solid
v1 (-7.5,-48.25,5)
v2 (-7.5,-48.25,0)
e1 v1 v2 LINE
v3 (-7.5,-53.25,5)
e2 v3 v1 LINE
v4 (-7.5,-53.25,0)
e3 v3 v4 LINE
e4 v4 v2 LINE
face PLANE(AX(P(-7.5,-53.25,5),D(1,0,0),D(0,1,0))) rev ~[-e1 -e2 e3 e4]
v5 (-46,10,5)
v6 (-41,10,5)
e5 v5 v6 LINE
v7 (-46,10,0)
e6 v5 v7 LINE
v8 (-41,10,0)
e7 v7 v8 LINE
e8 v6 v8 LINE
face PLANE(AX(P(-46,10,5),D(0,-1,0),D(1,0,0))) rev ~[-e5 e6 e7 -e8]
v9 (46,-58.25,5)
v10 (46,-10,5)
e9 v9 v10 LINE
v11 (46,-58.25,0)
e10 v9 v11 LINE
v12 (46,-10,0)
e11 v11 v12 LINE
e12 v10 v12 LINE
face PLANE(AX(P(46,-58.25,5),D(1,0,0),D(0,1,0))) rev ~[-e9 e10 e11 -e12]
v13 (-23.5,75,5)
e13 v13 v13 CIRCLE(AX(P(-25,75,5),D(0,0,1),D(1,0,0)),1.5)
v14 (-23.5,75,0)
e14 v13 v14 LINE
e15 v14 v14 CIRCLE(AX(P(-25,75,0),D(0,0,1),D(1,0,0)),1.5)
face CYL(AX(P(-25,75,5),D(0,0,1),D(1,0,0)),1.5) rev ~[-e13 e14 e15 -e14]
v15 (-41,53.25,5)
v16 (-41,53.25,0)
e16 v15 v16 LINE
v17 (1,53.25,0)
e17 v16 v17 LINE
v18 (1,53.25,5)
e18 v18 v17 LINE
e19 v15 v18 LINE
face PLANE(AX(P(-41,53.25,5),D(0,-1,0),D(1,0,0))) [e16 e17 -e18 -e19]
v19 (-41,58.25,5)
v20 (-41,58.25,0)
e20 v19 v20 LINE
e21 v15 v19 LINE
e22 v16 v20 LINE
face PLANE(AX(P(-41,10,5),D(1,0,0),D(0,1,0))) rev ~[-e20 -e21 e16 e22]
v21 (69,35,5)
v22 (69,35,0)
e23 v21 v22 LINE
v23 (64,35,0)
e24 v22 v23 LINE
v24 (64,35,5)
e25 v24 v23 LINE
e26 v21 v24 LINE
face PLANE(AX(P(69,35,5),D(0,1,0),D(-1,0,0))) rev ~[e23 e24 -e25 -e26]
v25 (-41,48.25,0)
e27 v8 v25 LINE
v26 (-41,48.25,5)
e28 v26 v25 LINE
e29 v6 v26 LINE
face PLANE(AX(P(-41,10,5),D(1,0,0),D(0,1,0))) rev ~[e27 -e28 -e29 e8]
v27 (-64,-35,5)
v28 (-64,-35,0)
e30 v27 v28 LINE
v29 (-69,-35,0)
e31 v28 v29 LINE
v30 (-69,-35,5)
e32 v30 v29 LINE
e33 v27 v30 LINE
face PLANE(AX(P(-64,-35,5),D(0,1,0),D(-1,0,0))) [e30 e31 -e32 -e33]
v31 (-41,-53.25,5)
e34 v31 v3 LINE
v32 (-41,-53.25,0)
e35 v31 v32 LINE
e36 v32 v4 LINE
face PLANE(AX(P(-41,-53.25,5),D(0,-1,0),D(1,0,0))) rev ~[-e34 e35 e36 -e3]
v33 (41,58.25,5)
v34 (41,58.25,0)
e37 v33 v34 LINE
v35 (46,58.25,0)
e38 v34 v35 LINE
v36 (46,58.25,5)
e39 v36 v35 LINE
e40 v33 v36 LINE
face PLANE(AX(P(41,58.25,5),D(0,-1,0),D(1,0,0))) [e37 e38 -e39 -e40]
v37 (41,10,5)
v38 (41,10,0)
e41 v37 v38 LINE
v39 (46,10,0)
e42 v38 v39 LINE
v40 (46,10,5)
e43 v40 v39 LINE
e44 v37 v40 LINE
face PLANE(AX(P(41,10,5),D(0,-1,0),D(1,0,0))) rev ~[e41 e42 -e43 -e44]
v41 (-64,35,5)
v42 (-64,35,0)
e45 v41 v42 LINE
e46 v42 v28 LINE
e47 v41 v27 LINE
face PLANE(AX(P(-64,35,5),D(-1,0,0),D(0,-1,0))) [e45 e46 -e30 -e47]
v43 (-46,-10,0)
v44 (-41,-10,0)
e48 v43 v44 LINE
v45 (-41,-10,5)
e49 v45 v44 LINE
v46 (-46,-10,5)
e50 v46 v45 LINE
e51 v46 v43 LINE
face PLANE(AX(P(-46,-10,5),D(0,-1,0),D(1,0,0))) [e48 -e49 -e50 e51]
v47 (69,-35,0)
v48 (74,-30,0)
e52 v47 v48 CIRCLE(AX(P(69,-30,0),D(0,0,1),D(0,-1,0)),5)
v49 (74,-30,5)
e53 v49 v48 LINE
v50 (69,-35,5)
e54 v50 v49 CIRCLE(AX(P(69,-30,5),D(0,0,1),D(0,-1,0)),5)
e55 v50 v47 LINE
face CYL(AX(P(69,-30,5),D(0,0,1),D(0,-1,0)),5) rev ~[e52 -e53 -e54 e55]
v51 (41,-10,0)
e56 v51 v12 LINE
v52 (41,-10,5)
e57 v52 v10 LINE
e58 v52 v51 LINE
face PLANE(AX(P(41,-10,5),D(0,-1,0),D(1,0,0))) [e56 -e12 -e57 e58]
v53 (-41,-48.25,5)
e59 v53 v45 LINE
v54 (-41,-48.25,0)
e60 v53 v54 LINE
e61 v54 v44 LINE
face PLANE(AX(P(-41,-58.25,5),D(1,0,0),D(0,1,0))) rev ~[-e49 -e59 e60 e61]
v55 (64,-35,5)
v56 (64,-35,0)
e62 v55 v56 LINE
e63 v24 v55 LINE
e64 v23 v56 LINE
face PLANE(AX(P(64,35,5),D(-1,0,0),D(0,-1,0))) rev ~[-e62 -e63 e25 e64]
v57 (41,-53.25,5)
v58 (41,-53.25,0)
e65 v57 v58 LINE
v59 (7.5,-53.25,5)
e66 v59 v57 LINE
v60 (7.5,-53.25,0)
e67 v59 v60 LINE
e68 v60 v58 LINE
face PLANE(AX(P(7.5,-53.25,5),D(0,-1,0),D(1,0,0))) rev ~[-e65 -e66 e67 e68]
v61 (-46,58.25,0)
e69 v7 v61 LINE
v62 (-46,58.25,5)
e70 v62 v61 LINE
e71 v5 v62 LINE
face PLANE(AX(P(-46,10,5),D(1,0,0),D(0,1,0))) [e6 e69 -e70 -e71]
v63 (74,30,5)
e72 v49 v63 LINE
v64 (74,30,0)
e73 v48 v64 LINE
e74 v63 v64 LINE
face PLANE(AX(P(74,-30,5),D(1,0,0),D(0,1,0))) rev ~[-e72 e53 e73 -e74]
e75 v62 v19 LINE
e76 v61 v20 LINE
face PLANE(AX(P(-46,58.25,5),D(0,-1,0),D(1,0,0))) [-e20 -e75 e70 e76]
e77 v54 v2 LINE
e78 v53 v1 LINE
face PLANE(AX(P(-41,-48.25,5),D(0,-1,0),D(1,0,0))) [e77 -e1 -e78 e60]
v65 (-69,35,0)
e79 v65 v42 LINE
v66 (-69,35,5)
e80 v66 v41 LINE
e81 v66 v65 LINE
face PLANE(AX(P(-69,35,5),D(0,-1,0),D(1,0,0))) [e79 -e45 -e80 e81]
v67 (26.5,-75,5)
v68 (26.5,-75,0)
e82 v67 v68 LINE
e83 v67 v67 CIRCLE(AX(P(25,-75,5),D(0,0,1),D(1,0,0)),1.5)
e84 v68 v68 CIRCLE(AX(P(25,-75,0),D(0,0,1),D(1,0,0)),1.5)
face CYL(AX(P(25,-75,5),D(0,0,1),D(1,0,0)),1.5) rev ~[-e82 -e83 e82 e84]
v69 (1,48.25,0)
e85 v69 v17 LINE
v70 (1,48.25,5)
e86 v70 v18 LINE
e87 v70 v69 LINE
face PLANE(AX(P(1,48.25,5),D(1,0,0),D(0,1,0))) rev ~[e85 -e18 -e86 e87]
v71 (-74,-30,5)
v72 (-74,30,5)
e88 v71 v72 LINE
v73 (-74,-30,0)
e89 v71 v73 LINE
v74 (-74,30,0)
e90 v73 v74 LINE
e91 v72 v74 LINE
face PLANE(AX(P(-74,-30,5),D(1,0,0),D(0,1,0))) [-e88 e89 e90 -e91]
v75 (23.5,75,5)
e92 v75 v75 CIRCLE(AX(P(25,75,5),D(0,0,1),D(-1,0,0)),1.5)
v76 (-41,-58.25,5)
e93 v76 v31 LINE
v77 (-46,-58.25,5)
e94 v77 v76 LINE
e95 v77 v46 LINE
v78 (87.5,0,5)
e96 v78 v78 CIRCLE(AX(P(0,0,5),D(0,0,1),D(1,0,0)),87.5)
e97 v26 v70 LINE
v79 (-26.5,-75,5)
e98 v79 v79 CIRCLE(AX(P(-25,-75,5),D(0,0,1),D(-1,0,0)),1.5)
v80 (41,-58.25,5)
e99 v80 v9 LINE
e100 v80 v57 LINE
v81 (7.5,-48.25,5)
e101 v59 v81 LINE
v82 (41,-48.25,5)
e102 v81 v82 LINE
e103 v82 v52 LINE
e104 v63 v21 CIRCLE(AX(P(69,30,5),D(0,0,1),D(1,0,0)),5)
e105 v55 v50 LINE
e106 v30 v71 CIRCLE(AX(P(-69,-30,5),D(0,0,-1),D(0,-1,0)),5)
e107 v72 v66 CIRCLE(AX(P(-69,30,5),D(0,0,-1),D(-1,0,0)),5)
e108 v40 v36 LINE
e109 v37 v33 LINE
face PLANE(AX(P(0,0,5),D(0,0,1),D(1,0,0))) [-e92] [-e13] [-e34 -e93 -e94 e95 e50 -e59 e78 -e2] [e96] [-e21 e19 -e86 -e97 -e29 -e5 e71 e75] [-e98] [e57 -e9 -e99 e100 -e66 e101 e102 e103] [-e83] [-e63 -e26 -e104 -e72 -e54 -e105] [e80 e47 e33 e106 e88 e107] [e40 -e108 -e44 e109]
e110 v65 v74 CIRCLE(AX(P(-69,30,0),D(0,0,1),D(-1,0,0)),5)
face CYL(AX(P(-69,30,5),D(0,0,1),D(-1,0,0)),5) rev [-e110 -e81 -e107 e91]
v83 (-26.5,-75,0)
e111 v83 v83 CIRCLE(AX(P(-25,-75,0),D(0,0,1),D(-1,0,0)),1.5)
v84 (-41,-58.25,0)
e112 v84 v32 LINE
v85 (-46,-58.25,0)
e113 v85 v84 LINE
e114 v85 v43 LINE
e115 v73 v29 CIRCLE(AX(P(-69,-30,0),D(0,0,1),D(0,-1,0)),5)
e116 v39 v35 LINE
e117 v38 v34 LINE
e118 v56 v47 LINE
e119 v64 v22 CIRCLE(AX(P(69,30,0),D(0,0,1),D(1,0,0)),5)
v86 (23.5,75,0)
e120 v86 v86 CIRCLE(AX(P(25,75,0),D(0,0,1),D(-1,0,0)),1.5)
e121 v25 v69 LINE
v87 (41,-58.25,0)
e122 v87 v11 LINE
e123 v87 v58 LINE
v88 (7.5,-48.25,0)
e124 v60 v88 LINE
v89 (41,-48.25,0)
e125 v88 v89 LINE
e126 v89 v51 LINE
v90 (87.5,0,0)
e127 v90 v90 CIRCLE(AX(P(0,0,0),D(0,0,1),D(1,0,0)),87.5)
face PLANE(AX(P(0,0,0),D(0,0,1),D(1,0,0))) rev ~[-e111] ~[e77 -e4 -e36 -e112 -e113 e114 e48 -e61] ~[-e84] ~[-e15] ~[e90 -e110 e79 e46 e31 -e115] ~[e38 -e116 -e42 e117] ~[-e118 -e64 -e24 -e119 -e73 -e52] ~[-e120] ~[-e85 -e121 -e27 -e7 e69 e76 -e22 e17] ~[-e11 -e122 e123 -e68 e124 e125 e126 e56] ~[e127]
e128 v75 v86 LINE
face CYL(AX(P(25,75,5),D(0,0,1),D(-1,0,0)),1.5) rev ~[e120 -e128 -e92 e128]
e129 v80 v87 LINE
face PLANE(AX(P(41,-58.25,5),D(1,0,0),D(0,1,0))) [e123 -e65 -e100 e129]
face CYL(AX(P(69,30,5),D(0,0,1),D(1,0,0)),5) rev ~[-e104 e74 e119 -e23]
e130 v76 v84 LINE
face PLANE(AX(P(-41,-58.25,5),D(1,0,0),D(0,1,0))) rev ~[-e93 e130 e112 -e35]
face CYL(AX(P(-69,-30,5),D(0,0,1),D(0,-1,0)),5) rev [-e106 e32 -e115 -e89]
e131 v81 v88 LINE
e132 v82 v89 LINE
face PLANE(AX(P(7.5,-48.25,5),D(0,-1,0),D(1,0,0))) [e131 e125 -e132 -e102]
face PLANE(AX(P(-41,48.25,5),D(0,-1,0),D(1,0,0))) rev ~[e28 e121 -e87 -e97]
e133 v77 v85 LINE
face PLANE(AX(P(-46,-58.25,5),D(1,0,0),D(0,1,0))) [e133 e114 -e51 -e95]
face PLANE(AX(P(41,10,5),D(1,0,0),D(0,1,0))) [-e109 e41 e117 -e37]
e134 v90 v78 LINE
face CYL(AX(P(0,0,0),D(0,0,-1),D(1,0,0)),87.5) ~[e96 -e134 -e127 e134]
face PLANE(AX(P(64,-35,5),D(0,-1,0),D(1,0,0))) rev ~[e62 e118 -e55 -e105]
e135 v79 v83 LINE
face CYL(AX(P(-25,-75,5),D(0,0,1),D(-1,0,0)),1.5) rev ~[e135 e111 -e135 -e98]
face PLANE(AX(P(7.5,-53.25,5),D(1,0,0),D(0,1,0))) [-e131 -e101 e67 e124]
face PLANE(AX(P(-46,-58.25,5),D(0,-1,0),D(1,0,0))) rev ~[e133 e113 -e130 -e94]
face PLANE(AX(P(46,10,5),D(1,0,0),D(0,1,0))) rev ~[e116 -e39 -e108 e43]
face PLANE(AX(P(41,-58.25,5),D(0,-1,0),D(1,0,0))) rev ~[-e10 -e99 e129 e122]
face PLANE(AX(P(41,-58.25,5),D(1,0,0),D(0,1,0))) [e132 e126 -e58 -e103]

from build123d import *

# Parameters (mm, degrees)
SKETCH_1_R          = 87.5
EXTRUDE_1_DEPTH     = 5
CUT_EXTRUDE_1_DEPTH = 124.844660765
SKETCH_2_R          = 1.5
CUT_EXTRUDE_2_DEPTH = 124.844660765
SKETCH_4_W          = 5
SKETCH_4_H          = 48.25
CUT_EXTRUDE_4_DEPTH = 124.844660765
SKETCH_5_W          = 42
SKETCH_5_H          = 5
SKETCH_5_W_2        = 33.5
CUT_EXTRUDE_7_DEPTH = 124.844660765


with BuildPart() as part:
    # 草圖1 → 填料-伸長1 (new body)
    with BuildSketch(Plane.XY):
        Circle(SKETCH_1_R)
    extrude(amount=EXTRUDE_1_DEPTH)

    # 草圖3 → 除料-伸長1 (cut, through all)
    with BuildSketch(Plane.XY.offset(5)):
        with BuildLine():
            ThreePointArc((-69, -35), (-72.535533906, -33.535533906), (-74, -30))
            Line((-74, -30), (-74, 30))
            ThreePointArc((-74, 30), (-72.535533906, 33.535533906), (-69, 35))
            Line((-69, 35), (-64, 35))
            Line((-64, 35), (-64, -35))
            Line((-64, -35), (-69, -35))
        make_face()
        with BuildLine():
            Line((64, 35), (64, -35))
            Line((64, -35), (69, -35))
            ThreePointArc((69, -35), (72.535533906, -33.535533906), (74, -30))
            Line((74, -30), (74, 30))
            ThreePointArc((74, 30), (72.535533906, 33.535533906), (69, 35))
            Line((69, 35), (64, 35))
        make_face()
    extrude(amount=-CUT_EXTRUDE_1_DEPTH, mode=Mode.SUBTRACT)

    # 草圖2 → 除料-伸長2 (cut, through all)
    with BuildSketch(Plane.XY.offset(5)):
        with Locations((-25, 75)):
            Circle(SKETCH_2_R)
        with Locations(Location((-25, -75, 0), (0, 0, 180))):
            Circle(SKETCH_2_R)
        with Locations(Location((25, 75, 0), (0, 0, 180))):
            Circle(SKETCH_2_R)
        with Locations((25, -75)):
            Circle(SKETCH_2_R)
    extrude(amount=-CUT_EXTRUDE_2_DEPTH, mode=Mode.SUBTRACT)

    # 草圖4 → 除料-伸長4 (cut, through all)
    with BuildSketch(Plane.XY.offset(5)):
        with Locations((43.5, -34.125)):
            Rectangle(SKETCH_4_W, SKETCH_4_H)
        with Locations((43.5, 34.125)):
            Rectangle(SKETCH_4_W, SKETCH_4_H)
        with Locations((-43.5, 34.125)):
            Rectangle(SKETCH_4_W, SKETCH_4_H)
        with Locations((-43.5, -34.125)):
            Rectangle(SKETCH_4_W, SKETCH_4_H)
    extrude(amount=-CUT_EXTRUDE_4_DEPTH, mode=Mode.SUBTRACT)

    # 草圖5 → 除料-伸長7 (cut, through all)
    with BuildSketch(Plane.XY.offset(5)):
        with Locations((-20, 50.75)):
            Rectangle(SKETCH_5_W, SKETCH_5_H)
        with Locations((-24.25, -50.75)):
            Rectangle(SKETCH_5_W_2, SKETCH_5_H)
        with Locations((24.25, -50.75)):
            Rectangle(SKETCH_5_W_2, SKETCH_5_H)
    extrude(amount=-CUT_EXTRUDE_7_DEPTH, mode=Mode.SUBTRACT)


solid = part.part
